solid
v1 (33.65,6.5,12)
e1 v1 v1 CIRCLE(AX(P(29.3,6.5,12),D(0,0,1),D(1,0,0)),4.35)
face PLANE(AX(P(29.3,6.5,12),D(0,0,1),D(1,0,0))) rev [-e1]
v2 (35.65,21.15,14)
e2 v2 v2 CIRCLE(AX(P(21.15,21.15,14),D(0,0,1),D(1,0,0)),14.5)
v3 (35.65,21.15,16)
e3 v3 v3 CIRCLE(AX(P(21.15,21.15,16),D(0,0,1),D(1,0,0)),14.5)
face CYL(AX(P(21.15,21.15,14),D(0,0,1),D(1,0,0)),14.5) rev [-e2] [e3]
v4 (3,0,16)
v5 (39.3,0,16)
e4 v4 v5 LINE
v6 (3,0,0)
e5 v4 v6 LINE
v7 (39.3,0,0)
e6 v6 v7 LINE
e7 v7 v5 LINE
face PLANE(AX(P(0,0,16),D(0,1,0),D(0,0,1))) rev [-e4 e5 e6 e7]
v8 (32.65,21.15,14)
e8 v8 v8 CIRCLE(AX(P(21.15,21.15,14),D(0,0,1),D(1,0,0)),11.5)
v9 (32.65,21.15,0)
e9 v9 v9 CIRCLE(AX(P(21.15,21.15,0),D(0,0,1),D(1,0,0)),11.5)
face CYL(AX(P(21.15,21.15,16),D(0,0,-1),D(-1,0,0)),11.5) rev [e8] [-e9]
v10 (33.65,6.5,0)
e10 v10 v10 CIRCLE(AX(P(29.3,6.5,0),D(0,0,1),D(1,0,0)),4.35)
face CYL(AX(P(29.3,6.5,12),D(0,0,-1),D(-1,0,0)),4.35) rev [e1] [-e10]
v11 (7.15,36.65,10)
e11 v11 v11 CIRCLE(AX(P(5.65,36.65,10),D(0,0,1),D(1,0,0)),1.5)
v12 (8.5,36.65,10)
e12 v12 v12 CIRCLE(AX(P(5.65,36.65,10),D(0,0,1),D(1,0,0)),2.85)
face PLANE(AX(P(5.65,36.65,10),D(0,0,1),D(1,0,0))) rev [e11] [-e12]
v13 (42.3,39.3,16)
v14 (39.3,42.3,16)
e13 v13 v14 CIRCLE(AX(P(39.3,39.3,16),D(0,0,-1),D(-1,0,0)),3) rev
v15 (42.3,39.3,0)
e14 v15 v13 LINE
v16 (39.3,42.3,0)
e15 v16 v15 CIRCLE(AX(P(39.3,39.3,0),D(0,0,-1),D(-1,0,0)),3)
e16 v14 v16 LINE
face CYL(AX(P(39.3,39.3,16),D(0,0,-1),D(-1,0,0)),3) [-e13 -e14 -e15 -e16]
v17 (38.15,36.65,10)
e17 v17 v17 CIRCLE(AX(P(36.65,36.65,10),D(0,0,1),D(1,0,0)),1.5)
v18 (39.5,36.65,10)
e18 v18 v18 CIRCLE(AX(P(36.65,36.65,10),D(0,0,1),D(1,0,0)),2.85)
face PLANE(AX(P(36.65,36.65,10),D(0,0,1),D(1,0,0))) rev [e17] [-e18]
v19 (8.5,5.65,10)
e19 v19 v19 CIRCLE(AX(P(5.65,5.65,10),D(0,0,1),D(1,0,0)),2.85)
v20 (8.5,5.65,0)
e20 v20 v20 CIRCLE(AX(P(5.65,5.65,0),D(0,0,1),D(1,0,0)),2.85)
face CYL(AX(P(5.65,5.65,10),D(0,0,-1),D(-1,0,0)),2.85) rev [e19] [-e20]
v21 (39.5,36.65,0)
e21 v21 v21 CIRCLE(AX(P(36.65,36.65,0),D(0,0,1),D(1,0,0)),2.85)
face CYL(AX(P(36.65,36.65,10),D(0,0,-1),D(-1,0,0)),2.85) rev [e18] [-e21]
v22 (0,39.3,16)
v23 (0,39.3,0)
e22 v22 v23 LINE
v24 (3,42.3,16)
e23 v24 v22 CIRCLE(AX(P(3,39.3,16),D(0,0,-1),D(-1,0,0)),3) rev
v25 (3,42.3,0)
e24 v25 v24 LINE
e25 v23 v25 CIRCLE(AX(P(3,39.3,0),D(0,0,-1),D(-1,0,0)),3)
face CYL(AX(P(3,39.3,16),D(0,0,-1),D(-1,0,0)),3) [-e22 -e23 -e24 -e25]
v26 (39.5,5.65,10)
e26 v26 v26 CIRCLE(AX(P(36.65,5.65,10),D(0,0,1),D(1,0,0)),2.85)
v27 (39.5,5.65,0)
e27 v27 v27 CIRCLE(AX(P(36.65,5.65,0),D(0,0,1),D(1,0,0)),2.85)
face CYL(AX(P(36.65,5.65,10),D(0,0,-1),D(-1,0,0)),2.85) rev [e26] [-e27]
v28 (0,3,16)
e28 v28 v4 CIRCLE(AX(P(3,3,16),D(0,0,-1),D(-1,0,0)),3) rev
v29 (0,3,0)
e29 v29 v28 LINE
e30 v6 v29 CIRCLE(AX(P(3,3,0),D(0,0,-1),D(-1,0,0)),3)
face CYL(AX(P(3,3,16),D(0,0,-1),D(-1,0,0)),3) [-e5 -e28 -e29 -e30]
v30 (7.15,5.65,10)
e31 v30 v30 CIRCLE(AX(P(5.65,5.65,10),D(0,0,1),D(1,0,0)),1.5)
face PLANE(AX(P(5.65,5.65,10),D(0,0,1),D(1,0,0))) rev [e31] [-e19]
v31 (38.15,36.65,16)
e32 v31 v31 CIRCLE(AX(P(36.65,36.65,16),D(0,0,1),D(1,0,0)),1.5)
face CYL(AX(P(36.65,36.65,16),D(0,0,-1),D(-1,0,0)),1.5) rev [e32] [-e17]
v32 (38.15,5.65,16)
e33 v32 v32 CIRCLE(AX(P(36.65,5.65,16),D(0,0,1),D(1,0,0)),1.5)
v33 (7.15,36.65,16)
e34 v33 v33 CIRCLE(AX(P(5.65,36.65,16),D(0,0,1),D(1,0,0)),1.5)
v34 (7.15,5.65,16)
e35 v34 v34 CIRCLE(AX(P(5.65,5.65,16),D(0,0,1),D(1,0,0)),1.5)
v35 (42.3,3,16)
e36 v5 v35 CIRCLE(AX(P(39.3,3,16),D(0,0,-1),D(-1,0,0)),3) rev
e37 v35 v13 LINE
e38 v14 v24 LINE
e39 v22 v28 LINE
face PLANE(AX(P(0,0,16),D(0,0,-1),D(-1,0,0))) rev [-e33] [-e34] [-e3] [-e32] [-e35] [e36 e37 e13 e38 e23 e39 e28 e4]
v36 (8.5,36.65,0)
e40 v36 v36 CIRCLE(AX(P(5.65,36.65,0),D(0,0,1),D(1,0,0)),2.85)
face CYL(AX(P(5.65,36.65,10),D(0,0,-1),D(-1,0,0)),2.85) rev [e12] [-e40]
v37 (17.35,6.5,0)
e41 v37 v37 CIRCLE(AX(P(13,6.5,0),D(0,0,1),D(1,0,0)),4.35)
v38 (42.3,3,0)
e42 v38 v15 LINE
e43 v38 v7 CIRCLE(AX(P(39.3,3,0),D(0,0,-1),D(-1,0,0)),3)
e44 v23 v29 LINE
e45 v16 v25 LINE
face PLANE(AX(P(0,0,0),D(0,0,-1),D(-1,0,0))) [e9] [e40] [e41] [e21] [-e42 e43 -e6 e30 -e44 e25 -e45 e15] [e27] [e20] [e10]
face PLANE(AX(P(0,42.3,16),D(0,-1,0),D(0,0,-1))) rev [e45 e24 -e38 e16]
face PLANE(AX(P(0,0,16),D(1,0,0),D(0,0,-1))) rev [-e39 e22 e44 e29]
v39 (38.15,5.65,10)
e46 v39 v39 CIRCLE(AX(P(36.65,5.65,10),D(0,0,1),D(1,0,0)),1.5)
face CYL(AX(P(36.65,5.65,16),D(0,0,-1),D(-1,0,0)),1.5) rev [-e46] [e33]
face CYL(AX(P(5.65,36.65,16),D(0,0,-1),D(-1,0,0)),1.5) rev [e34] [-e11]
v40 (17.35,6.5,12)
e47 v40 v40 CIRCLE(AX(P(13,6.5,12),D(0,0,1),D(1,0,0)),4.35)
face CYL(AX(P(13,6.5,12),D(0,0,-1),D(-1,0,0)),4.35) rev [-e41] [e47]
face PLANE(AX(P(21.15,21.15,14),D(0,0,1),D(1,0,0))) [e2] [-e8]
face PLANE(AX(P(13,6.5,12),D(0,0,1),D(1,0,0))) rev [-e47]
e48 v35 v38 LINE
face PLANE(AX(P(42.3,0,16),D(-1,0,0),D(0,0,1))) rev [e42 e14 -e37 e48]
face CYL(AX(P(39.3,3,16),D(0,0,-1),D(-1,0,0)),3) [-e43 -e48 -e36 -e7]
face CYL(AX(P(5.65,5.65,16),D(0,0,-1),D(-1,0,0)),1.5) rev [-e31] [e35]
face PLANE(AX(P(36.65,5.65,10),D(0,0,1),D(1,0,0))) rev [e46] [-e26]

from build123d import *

# Parameters (mm, degrees)
ESQUISSE1_W             = 42.3
ESQUISSE1_H             = 42.3
BOSS_EXTRU_1_DEPTH      = 16
ESQUISSE2_R             = 1.5
ENL_V_MAT_EXTRU_2_DEPTH = 62.92398566
CONG_1_R                = 3
CONG_2_R                = 3
ESQUISSE4_R             = 11.5
ENL_V_MAT_EXTRU_4_DEPTH = 62.92398566
ESQUISSE5_R             = 2.85
ENL_V_MAT_EXTRU_5_DEPTH = 10
ESQUISSE6_R             = 4.35
ENL_V_MAT_EXTRU_6_DEPTH = 12
ESQUISSE7_R             = 14.5
ENL_V_MAT_EXTRU_7_DEPTH = 2


with BuildPart() as part:
    # Esquisse1 → Boss.-Extru.1 (new body)
    with BuildSketch(Plane.XY):
        with Locations((21.15, 21.15)):
            Rectangle(ESQUISSE1_W, ESQUISSE1_H)
    extrude(amount=BOSS_EXTRU_1_DEPTH)

    # Esquisse2 → Enlèv. mat.-Extru.2 (cut, through all)
    with BuildSketch(Plane.XY):
        with Locations((36.65, 36.65)):
            Circle(ESQUISSE2_R)
        with Locations((5.65, 36.65)):
            Circle(ESQUISSE2_R)
        with Locations((5.65, 5.65)):
            Circle(ESQUISSE2_R)
        with Locations((36.65, 5.65)):
            Circle(ESQUISSE2_R)
    extrude(amount=ENL_V_MAT_EXTRU_2_DEPTH, mode=Mode.SUBTRACT)

    # Congé1
    cong_1_edges = [part.edges().sort_by_distance(p)[0] for p in [
        (0, 42.3, 8),
        (42.3, 42.3, 8),
    ]]
    fillet(cong_1_edges, radius=CONG_1_R)

    # Congé2
    cong_2_edges = [part.edges().sort_by_distance(p)[0] for p in [
        (42.3, 0, 8),
        (0, 0, 8),
    ]]
    fillet(cong_2_edges, radius=CONG_2_R)

    # Esquisse4 → Enlèv. mat.-Extru.4 (cut, through all)
    with BuildSketch(Plane.XY):
        with Locations((21.15, 21.15)):
            Circle(ESQUISSE4_R)
    extrude(amount=ENL_V_MAT_EXTRU_4_DEPTH, mode=Mode.SUBTRACT)

    # Esquisse5 → Enlèv. mat.-Extru.5 (cut)
    with BuildSketch(Plane.XY):
        with Locations((36.65, 36.65)):
            Circle(ESQUISSE5_R)
        with Locations((5.65, 36.65)):
            Circle(ESQUISSE5_R)
        with Locations((5.65, 5.65)):
            Circle(ESQUISSE5_R)
        with Locations((36.65, 5.65)):
            Circle(ESQUISSE5_R)
    extrude(amount=ENL_V_MAT_EXTRU_5_DEPTH, mode=Mode.SUBTRACT)

    # Esquisse6 → Enlèv. mat.-Extru.6 (cut)
    with BuildSketch(Plane.XY):
        with Locations((29.3, 6.5)):
            Circle(ESQUISSE6_R)
        with Locations((13, 6.5)):
            Circle(ESQUISSE6_R)
    extrude(amount=ENL_V_MAT_EXTRU_6_DEPTH, mode=Mode.SUBTRACT)

    # Esquisse7 → Enlèv. mat.-Extru.7 (cut)
    with BuildSketch(Plane.XY.offset(16)):
        with Locations((21.15, 21.15)):
            Circle(ESQUISSE7_R)
    extrude(amount=-ENL_V_MAT_EXTRU_7_DEPTH, mode=Mode.SUBTRACT)


solid = part.part
